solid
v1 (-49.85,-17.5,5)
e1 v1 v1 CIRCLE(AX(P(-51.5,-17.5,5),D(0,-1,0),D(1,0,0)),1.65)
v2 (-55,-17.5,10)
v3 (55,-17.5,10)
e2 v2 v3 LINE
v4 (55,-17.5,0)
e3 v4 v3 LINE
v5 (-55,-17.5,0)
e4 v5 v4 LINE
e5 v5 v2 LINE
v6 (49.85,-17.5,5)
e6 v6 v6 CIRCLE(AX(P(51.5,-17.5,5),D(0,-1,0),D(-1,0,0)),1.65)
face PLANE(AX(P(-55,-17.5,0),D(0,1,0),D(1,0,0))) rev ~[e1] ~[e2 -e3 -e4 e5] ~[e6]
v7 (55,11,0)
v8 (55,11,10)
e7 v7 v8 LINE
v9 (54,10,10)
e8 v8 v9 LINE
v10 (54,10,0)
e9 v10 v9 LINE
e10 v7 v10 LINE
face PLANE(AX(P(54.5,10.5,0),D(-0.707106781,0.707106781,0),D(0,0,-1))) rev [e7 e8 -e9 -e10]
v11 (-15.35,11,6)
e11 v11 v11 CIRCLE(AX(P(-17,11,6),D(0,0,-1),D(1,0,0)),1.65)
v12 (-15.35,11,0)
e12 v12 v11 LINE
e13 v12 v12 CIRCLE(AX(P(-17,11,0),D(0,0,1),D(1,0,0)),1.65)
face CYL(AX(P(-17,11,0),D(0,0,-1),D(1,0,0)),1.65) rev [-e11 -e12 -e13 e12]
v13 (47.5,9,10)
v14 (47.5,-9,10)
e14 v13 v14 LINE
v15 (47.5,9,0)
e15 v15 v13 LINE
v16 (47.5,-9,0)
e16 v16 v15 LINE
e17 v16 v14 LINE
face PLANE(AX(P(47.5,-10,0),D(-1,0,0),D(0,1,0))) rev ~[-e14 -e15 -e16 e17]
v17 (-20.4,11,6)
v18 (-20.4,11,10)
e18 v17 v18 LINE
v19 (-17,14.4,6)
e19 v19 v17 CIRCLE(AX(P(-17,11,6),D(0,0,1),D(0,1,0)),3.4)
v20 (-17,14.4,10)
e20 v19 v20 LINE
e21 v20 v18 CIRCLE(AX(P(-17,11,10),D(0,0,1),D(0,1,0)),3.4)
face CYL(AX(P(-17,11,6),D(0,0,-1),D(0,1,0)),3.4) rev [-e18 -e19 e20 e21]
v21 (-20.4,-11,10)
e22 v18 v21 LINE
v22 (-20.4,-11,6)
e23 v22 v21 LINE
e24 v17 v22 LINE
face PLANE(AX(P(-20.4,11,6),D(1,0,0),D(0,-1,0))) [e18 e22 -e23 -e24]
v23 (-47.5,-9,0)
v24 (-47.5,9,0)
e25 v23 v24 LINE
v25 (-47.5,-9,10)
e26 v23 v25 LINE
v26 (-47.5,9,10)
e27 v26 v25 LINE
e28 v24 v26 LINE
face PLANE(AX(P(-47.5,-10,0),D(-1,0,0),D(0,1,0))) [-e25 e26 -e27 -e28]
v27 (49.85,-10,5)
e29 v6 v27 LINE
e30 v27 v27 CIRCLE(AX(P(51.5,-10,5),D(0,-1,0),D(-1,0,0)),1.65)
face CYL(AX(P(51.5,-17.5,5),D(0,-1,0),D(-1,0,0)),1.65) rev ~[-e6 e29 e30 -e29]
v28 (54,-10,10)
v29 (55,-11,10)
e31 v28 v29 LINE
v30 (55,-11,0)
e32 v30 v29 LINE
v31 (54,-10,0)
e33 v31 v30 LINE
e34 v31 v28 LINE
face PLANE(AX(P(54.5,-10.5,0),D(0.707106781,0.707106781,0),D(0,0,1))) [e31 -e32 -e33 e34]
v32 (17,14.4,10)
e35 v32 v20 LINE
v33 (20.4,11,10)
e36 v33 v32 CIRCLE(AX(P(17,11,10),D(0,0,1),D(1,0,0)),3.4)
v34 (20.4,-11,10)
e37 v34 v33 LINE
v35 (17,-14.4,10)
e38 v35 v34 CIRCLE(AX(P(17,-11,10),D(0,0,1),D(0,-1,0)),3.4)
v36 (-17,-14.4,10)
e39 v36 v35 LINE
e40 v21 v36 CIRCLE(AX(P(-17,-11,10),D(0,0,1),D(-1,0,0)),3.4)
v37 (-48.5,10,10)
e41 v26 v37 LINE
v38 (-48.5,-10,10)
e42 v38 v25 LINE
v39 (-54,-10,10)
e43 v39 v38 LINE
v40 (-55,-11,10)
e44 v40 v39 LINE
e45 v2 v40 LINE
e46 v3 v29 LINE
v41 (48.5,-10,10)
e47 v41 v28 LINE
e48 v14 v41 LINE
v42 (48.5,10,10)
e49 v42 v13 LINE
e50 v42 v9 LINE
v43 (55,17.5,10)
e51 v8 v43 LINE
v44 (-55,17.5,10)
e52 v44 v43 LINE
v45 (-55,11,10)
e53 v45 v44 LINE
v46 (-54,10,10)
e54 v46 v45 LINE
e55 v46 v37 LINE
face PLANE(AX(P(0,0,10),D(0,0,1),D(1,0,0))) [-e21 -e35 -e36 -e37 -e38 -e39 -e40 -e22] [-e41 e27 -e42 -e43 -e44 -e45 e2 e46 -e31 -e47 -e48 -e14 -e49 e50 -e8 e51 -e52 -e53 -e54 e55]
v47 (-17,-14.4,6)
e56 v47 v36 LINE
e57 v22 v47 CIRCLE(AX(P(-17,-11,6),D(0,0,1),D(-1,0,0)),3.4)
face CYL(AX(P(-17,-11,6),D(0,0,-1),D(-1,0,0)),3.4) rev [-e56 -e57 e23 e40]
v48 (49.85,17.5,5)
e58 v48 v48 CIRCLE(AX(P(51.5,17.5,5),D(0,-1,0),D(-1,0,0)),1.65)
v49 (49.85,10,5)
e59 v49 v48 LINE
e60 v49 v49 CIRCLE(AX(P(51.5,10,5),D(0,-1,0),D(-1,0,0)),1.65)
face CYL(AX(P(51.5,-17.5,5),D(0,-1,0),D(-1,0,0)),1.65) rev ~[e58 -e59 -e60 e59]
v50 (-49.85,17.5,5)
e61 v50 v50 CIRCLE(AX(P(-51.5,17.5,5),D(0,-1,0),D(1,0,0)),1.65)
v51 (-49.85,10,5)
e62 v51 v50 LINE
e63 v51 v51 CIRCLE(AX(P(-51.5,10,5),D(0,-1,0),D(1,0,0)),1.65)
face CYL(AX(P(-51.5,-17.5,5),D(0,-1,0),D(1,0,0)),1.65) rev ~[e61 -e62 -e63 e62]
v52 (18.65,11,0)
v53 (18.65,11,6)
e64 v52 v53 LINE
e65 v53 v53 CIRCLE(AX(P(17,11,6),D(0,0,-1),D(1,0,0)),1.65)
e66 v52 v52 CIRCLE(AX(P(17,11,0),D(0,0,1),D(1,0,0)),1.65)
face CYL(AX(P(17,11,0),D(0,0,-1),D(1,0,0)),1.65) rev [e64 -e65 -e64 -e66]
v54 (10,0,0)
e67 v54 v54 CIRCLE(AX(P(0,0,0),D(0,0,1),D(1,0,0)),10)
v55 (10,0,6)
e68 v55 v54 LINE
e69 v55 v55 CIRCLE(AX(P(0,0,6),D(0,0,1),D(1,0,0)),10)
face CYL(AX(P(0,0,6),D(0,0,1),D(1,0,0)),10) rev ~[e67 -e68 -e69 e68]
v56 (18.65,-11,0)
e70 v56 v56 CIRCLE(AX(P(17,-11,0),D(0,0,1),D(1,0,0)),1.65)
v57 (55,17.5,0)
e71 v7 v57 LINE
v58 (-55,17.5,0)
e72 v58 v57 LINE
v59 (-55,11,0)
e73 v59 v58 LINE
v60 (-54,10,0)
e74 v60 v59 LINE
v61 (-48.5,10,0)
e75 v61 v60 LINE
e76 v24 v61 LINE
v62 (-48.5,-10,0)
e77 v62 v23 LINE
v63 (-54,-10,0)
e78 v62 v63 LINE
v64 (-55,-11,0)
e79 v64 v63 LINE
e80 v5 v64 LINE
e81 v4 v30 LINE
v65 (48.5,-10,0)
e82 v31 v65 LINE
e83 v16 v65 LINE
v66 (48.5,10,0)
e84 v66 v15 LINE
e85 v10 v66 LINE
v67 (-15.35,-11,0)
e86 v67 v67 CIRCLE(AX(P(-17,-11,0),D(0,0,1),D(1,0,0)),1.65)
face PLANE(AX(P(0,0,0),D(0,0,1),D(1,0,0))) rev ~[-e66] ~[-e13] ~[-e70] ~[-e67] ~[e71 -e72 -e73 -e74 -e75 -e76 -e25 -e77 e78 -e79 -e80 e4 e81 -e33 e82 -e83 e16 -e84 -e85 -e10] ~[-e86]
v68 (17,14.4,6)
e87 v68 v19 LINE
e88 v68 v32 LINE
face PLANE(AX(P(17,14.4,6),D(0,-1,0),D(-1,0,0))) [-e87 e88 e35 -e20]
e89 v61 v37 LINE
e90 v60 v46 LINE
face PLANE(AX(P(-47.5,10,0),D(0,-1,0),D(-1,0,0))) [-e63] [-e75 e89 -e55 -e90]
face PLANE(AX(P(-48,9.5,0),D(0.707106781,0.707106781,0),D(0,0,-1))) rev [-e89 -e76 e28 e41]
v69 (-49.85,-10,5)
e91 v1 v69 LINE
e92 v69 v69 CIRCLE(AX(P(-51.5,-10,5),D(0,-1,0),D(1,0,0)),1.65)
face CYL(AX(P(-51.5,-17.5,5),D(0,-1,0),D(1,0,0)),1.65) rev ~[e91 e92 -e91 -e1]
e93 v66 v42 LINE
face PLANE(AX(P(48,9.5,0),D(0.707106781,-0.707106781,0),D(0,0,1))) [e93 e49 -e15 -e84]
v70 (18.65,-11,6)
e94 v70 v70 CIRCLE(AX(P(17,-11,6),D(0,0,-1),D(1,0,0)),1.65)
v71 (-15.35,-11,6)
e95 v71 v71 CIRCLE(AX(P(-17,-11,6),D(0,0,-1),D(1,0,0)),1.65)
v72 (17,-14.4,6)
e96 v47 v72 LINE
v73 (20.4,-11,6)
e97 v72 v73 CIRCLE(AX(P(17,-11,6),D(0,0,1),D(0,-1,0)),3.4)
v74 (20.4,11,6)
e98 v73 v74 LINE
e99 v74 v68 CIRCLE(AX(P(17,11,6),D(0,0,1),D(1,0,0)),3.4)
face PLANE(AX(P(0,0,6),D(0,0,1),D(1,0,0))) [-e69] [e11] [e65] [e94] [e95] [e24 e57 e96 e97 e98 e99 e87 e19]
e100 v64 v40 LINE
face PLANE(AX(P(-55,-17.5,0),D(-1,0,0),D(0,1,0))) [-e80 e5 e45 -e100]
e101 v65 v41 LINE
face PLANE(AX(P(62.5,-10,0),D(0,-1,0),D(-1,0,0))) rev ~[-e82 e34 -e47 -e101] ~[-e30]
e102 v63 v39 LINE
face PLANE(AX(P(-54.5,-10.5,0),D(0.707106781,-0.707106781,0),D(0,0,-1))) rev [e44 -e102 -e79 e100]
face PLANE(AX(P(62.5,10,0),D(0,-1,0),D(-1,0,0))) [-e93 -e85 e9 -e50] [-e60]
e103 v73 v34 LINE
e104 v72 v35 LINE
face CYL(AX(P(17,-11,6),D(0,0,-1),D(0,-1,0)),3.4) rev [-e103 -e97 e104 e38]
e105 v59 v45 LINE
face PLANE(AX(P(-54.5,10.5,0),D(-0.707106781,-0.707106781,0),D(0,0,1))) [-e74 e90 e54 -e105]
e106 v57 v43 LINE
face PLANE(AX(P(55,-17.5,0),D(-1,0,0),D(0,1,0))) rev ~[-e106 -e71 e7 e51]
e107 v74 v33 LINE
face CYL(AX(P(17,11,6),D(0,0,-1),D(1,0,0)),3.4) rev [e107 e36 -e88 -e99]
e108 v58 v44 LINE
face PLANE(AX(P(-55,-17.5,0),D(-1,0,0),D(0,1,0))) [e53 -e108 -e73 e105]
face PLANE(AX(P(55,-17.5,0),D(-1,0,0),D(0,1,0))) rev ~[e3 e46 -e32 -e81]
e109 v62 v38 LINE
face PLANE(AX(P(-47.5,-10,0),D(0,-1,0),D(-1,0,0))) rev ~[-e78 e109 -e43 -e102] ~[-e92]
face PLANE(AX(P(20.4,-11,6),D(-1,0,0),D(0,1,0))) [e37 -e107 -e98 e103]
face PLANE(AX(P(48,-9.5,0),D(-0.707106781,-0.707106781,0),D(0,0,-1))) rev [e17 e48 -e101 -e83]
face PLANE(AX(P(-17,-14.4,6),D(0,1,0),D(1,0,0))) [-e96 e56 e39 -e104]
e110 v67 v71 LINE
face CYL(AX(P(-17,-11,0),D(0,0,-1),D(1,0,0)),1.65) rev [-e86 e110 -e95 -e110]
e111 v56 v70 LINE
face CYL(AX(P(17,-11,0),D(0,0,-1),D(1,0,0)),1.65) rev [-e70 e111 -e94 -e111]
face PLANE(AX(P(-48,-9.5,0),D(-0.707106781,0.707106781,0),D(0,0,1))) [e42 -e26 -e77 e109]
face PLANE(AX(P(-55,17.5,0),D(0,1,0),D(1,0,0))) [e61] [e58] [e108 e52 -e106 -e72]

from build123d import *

# Parameters (mm, degrees)
SKETCH_1_W          = 110
SKETCH_1_H          = 35
SKETCH_1_R          = 1.65
EXTRUDE_1_DEPTH     = 10
SKETCH_3_W          = 40
SKETCH_3_H          = 28
CUT_EXTRUDE_1_DEPTH = 4
FILLET_1_R          = 3
SKETCH_4_R          = 1.65
CUT_EXTRUDE_2_DEPTH = 66.954529791
CUT_EXTRUDE_3_DEPTH = 4
SKETCH_7_W          = 15
SKETCH_7_H          = 20
CUT_EXTRUDE_5_DEPTH = 59.576872569
CHAMFER_1_SIZE      = 1
SKETCH_8_R          = 10
CUT_EXTRUDE_6_DEPTH = 10


with BuildPart() as part:
    # 草图1 → 凸台-拉伸1 (new body)
    with BuildSketch(Plane.XY):
        Rectangle(SKETCH_1_W, SKETCH_1_H)
        with Locations((-17, 11)):
            Circle(SKETCH_1_R, mode=Mode.SUBTRACT)
        with Locations((17, 11)):
            Circle(SKETCH_1_R, mode=Mode.SUBTRACT)
        with Locations((17, -11)):
            Circle(SKETCH_1_R, mode=Mode.SUBTRACT)
        with Locations((-17, -11)):
            Circle(SKETCH_1_R, mode=Mode.SUBTRACT)
    extrude(amount=EXTRUDE_1_DEPTH)

    # 草图3 → 切除-拉伸1 (cut)
    with BuildSketch(Plane.XY.offset(10)):
        Rectangle(SKETCH_3_W, SKETCH_3_H)
    extrude(amount=-CUT_EXTRUDE_1_DEPTH, mode=Mode.SUBTRACT)

    # 圆角1
    fillet_1_edges = [part.edges().sort_by_distance(p)[0] for p in [
        (-20, -14, 8),
        (-20, 14, 8),
        (20, 14, 8),
        (20, -14, 8),
    ]]
    fillet(fillet_1_edges, radius=FILLET_1_R)

    # 草图4 → 切除-拉伸2 (cut, through all)
    with BuildSketch(Plane.XZ.offset(17.5)):
        with Locations((-51.5, 5)):
            Circle(SKETCH_4_R)
        with Locations(Location((51.5, 5, 0), (0, 0, 180))):
            Circle(SKETCH_4_R)
    extrude(amount=-CUT_EXTRUDE_2_DEPTH, mode=Mode.SUBTRACT)

    # 草图5 → 切除-拉伸3 (cut)
    with BuildSketch(Plane.XY.offset(6)):
        with BuildLine():
            Line((-17, -14.4), (17, -14.4))
            ThreePointArc((17, -14.4), (19.404163056, -13.404163056), (20.4, -11))
            Line((20.4, -11), (20.4, 11))
            ThreePointArc((20.4, 11), (19.404163056, 13.404163056), (17, 14.4))
            Line((17, 14.4), (-17, 14.4))
            ThreePointArc((-17, 14.4), (-19.404163056, 13.404163056), (-20.4, 11))
            Line((-20.4, 11), (-20.4, -11))
            ThreePointArc((-20.4, -11), (-19.404163056, -13.404163056), (-17, -14.4))
        make_face()
    extrude(amount=CUT_EXTRUDE_3_DEPTH, mode=Mode.SUBTRACT)

    # 草图7 → 切除-拉伸5 (cut, through all)
    with BuildSketch(Plane(origin=(0, 0, 0), x_dir=(-1, 0, 0), z_dir=(0, 0, -1))):
        with Locations((-55, 0)):
            Rectangle(SKETCH_7_W, SKETCH_7_H)
        with Locations((55, 0)):
            Rectangle(SKETCH_7_W, SKETCH_7_H)
    extrude(amount=-CUT_EXTRUDE_5_DEPTH, mode=Mode.SUBTRACT)

    # 倒角1
    chamfer_1_edges = [part.edges().sort_by_distance(p)[0] for p in [
        (55, -10, 5),
        (47.5, -10, 5),
        (55, 10, 5),
        (47.5, 10, 5),
        (-55, 10, 5),
        (-47.5, 10, 5),
        (-55, -10, 5),
        (-47.5, -10, 5),
    ]]
    chamfer(chamfer_1_edges, length=CHAMFER_1_SIZE)

    # 草图8 → 切除-拉伸6 (cut)
    with BuildSketch(Plane.XY.offset(6)):
        Circle(SKETCH_8_R)
    extrude(amount=-CUT_EXTRUDE_6_DEPTH, mode=Mode.SUBTRACT)


solid = part.part
